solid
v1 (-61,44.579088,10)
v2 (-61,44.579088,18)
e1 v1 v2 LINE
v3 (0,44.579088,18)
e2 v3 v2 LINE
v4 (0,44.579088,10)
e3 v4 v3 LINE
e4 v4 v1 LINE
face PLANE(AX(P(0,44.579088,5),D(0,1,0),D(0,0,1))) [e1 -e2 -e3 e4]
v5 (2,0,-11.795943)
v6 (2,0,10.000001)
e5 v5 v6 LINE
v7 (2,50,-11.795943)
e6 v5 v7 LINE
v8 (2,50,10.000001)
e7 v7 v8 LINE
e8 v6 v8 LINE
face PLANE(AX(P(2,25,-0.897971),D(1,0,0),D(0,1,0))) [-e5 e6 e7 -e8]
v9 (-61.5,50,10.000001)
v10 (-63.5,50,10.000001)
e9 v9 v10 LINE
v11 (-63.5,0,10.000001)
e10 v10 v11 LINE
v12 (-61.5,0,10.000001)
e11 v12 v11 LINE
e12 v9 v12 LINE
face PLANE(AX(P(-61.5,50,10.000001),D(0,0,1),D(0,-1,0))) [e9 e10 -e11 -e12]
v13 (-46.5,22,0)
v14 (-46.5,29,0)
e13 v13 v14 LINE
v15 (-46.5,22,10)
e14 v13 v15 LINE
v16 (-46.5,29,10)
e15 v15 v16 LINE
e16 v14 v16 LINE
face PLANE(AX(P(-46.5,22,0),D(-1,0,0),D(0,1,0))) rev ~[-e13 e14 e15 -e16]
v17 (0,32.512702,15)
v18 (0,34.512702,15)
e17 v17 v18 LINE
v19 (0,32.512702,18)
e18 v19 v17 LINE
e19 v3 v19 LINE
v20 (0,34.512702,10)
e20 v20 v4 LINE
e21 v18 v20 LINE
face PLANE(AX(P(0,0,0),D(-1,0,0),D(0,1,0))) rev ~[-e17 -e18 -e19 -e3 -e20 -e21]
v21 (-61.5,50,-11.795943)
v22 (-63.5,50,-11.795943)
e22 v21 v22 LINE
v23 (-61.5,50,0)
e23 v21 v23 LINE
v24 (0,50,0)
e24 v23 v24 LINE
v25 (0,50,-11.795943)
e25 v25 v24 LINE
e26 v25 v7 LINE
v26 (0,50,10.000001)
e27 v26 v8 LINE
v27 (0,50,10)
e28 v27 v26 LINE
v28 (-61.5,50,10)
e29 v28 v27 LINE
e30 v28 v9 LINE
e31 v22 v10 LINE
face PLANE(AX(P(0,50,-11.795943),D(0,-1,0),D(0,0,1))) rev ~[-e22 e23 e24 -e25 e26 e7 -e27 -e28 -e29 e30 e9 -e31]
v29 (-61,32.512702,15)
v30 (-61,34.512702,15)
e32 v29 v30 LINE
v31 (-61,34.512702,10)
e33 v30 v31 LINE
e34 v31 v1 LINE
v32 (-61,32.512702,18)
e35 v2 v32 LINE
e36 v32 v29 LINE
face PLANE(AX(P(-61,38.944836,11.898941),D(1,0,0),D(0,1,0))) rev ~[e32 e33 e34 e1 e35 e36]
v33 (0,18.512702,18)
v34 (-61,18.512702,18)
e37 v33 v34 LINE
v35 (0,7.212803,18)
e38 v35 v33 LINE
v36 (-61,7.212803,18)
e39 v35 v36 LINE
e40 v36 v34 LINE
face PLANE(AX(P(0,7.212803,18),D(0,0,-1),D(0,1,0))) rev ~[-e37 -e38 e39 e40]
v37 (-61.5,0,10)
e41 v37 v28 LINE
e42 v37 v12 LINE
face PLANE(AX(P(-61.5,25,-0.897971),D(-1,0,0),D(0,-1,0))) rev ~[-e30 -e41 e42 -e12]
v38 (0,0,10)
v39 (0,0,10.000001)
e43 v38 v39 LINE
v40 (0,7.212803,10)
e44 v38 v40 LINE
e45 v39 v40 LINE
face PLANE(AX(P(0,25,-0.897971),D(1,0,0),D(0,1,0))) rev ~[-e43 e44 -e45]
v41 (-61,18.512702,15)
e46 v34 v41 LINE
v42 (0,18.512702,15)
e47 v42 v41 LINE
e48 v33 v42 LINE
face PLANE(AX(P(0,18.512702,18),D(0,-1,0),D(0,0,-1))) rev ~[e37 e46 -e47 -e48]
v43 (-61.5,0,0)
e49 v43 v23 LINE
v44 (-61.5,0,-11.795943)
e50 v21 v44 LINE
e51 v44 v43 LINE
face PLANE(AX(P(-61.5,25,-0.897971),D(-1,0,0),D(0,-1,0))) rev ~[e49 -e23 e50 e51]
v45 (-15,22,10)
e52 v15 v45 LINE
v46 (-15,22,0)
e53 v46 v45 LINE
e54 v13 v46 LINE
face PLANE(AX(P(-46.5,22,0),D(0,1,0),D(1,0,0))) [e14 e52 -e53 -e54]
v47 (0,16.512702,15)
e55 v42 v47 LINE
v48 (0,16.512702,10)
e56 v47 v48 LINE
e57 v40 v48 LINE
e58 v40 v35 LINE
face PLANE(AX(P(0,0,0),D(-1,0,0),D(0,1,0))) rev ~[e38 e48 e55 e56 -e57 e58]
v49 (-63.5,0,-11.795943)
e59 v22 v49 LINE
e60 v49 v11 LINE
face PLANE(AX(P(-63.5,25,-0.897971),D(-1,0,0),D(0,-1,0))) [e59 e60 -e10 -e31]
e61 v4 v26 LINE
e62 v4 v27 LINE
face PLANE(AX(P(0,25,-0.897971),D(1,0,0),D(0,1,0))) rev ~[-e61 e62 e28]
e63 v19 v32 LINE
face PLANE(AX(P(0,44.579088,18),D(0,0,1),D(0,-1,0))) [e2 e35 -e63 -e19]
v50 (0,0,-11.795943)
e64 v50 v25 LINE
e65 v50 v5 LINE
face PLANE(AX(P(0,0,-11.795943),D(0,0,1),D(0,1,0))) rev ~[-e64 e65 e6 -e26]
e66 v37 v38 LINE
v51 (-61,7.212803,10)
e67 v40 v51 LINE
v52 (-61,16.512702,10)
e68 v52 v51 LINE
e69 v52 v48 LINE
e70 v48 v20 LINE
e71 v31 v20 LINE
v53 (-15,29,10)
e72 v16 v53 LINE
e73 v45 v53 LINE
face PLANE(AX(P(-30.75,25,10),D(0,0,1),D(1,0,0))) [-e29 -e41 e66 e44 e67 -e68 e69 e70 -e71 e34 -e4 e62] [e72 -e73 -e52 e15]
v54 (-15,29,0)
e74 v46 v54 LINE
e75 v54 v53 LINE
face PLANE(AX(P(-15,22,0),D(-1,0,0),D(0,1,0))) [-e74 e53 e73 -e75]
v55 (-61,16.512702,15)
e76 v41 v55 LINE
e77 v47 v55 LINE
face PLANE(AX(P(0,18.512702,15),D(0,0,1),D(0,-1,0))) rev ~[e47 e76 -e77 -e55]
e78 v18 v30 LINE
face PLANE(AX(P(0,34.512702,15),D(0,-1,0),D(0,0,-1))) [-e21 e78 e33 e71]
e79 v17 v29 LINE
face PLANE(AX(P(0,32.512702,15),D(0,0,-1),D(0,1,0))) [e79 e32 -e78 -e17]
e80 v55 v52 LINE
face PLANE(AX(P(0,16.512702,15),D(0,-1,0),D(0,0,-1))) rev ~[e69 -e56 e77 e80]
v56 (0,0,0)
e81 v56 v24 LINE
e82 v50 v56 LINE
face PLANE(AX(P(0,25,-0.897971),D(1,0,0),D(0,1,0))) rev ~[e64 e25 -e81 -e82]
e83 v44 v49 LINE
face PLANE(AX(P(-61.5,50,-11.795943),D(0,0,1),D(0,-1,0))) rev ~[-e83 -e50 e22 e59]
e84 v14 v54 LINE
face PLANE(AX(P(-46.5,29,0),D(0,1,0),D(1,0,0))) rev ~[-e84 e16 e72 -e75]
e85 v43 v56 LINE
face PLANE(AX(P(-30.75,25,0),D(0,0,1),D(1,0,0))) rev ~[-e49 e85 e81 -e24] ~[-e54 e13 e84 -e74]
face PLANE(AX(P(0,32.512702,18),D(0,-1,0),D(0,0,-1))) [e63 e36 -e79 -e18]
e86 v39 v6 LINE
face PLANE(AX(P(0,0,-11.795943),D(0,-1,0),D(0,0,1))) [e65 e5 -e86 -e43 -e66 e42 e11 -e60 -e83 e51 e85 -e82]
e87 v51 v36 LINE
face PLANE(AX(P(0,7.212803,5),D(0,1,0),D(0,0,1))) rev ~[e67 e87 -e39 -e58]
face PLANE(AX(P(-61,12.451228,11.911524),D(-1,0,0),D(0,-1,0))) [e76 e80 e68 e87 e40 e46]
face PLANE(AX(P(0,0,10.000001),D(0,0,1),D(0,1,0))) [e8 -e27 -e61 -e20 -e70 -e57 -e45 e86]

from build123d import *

# Parameters (mm, degrees)
SKETCH_W     = 61.5
SKETCH_H     = 50
SKETCH_W_2   = 31.5
SKETCH_H_2   = 7
PAD_DEPTH    = 10
PAD001_DEPTH = 61
SKETCH002_W  = 50
SKETCH002_H  = 21.795943
PAD002_DEPTH = 2
SKETCH003_W  = 50
SKETCH003_H  = 21.795943
PAD004_DEPTH = 2
SKETCH004_W  = 50
SKETCH004_H  = 21.795943
PAD005_DEPTH = 2


with BuildPart() as part:
    # Sketch → Pad (new body)
    with BuildSketch(Plane.XY):
        with Locations((-30.75, 25)):
            Rectangle(SKETCH_W, SKETCH_H)
        with Locations((-30.75, 25.5)):
            Rectangle(SKETCH_W_2, SKETCH_H_2, mode=Mode.SUBTRACT)
    extrude(amount=PAD_DEPTH)

    # Sketch001 (on Face3 of Pad) → Pad001 (join)
    with BuildSketch(Plane.YZ):
        Polygon((7.212803, 5), (7.212803, 18), (18.512702, 18), (18.512702, 15), (16.512702, 15), (16.512702, 5), align=None)
        Polygon((44.579088, 5), (44.579088, 18), (32.512702, 18), (32.512702, 15), (34.512702, 15), (34.512702, 5), align=None)
    extrude(amount=-PAD001_DEPTH)

    # Sketch002 (on Face1 of Pad001) → Pad002 (join)
    with BuildSketch(Plane(origin=(-61.5, 0, 0), x_dir=(0, -1, 0), z_dir=(-1, 0, 0))):
        with Locations((-25, -0.897971)):
            Rectangle(SKETCH002_W, SKETCH002_H)
    extrude(amount=PAD002_DEPTH)

    # Sketch003 → Pad004 (join)
    with BuildSketch(Plane.YZ):
        with Locations((25, -0.897971)):
            Rectangle(SKETCH003_W, SKETCH003_H)
    extrude(amount=PAD004_DEPTH)

    # Sketch004 (on Face3 of Pad002) → Pad005 (join)
    with BuildSketch(Plane.YZ):
        with Locations((25, -0.897971)):
            Rectangle(SKETCH004_W, SKETCH004_H)
    extrude(amount=PAD005_DEPTH)


solid = part.part
